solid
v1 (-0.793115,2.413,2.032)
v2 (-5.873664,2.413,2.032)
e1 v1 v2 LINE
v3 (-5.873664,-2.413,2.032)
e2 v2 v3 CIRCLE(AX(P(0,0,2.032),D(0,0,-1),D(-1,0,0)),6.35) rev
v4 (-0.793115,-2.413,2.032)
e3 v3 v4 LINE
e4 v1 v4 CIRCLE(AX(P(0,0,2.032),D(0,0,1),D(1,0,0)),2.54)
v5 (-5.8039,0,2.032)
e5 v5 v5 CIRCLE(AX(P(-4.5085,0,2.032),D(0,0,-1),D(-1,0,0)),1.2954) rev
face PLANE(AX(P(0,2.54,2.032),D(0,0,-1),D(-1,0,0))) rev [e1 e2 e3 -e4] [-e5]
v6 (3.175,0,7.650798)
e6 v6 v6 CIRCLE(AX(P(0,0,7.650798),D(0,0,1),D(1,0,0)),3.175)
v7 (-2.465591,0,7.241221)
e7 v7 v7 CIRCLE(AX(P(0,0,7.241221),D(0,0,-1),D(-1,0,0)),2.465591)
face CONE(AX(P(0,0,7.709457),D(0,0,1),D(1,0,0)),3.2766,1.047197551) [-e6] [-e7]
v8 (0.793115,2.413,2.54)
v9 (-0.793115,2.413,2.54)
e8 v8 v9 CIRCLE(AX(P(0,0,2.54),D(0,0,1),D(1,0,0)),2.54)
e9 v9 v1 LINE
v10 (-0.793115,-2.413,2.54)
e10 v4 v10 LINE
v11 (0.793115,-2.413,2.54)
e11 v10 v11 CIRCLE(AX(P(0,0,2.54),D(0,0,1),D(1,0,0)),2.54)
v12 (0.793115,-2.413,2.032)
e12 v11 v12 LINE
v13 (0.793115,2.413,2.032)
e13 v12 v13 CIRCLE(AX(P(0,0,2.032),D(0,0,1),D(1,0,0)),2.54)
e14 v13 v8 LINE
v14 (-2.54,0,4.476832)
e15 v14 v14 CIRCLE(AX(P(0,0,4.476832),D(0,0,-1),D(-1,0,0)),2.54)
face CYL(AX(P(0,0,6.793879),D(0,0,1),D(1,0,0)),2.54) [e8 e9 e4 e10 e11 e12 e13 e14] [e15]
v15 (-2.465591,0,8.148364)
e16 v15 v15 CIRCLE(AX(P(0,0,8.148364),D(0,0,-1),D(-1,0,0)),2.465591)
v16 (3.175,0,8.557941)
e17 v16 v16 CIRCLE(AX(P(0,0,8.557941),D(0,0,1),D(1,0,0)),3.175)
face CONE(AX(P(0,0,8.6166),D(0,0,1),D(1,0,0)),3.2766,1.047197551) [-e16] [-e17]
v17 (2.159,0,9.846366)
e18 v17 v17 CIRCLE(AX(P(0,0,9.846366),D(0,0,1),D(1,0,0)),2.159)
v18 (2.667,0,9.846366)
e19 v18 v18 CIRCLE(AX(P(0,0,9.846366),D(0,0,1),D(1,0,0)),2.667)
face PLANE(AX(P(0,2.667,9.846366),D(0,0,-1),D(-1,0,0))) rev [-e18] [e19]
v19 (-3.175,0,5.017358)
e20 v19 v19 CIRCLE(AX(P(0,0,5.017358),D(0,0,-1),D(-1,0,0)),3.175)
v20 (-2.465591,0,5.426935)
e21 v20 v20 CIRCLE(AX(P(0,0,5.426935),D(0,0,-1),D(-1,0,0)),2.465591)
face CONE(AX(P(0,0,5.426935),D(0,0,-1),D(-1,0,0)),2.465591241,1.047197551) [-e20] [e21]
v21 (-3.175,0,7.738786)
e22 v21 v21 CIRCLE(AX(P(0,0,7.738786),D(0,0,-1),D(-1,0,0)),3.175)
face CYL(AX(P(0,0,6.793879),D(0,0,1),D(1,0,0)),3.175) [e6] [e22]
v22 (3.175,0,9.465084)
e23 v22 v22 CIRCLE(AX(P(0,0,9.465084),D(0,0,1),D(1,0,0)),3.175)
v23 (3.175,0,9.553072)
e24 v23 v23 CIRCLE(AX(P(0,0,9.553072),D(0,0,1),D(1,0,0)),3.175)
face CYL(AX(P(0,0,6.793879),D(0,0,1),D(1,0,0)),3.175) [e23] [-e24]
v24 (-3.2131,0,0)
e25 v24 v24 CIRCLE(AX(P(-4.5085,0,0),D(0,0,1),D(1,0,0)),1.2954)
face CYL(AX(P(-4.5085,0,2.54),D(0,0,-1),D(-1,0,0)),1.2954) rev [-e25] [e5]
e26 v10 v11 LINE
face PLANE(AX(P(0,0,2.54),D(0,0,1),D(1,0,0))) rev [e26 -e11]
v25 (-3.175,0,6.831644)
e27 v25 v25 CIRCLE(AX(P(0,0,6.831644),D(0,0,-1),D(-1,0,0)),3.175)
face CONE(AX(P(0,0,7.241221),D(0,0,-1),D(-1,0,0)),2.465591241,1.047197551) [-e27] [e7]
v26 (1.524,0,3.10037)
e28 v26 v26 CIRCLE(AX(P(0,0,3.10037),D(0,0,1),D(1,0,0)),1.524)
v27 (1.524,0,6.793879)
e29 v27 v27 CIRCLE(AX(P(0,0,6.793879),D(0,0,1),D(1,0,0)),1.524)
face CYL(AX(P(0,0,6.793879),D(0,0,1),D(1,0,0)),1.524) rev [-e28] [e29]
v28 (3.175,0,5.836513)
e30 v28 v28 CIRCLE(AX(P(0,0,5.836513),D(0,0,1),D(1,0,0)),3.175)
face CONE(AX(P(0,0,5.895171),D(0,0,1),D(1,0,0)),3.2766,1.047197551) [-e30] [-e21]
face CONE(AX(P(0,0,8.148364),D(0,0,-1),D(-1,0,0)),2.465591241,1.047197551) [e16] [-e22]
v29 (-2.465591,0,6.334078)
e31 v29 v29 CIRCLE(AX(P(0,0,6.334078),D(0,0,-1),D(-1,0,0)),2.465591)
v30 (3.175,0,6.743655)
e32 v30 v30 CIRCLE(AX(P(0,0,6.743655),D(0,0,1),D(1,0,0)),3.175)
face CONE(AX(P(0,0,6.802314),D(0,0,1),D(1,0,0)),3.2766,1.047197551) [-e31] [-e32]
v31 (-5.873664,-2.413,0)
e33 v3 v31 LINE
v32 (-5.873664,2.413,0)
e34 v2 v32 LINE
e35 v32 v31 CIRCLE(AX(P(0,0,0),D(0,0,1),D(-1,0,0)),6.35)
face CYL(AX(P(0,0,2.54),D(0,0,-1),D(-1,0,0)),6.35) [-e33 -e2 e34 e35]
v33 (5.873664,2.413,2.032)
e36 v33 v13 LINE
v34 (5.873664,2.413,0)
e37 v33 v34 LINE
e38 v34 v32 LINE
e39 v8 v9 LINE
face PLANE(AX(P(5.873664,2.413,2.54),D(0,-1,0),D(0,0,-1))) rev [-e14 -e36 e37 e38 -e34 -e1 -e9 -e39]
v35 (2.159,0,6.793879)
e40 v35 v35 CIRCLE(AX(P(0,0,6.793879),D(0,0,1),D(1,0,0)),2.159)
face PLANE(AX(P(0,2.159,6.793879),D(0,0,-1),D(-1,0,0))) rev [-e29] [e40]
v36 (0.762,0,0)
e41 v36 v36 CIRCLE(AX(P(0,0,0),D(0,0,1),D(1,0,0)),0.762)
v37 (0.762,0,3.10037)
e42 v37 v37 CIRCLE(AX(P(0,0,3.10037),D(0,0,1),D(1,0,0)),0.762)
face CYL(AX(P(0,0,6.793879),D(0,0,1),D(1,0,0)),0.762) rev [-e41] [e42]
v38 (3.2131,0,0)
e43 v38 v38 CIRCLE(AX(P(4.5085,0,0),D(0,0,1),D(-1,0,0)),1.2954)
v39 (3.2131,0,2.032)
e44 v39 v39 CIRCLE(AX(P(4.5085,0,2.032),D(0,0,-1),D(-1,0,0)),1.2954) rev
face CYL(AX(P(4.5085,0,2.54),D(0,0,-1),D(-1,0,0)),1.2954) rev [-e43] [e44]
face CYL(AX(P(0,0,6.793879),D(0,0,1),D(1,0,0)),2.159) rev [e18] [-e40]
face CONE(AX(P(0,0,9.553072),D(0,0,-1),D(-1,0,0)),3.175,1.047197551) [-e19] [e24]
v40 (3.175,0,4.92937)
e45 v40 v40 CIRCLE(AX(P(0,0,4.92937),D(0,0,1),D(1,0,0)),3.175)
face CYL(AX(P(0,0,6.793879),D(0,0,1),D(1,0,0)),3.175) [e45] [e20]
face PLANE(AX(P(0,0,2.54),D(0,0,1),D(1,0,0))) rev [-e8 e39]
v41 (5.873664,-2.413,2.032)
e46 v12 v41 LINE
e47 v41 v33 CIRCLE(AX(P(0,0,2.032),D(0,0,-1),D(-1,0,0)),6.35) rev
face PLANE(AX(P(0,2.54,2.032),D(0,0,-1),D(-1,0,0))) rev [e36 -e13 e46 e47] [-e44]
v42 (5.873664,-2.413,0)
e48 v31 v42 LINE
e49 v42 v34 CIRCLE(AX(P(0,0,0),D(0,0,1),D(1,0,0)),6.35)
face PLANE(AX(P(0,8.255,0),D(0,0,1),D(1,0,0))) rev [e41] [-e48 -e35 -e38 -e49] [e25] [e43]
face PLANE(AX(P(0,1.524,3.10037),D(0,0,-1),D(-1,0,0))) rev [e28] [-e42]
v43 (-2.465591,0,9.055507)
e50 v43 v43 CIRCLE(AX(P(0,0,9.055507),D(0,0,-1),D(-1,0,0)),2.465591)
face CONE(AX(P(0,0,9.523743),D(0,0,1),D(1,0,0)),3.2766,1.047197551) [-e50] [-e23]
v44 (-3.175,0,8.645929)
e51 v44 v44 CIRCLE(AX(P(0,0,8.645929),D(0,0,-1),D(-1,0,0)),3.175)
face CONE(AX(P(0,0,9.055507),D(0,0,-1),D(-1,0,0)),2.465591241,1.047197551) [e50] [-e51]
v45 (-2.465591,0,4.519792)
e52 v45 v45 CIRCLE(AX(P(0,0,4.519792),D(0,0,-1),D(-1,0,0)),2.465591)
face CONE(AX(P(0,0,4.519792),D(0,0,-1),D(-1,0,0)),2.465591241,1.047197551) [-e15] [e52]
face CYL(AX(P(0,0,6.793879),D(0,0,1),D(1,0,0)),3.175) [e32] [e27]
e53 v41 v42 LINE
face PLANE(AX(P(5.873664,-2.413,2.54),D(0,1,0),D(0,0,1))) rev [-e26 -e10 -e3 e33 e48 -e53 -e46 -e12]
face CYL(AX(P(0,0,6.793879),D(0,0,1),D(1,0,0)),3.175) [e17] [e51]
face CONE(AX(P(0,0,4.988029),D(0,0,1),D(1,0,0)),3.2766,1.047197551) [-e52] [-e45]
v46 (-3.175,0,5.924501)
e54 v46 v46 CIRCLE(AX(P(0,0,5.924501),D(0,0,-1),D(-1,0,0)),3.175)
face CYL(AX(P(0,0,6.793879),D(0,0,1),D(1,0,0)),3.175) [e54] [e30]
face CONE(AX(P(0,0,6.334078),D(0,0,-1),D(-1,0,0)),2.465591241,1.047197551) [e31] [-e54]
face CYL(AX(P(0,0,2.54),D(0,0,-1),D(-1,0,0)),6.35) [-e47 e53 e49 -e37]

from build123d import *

# Parameters (mm, degrees)
SKETCH5_OUTSIDE_W   = 23.578
SKETCH5_OUTSIDE_H   = 23.578
SKETCH5_OUTSIDE_R   = 1.2954
CE_00_500_355_DEPTH = 2.54
LPATTERN4_COUNT     = 6
LPATTERN4_PITCH     = 0.907142857


with BuildPart() as part:
    # Sketch1 → Revolve1 (revolve)
    with BuildSketch(Plane(origin=(0, 0, 0), x_dir=(0, 0, -1), z_dir=(1, 0, 0)), mode=Mode.PRIVATE) as revolve1_sk:
        Polygon((-2.032, 2.54), (-4.512366142, 2.54), (-4.878983563, 3.175), (-9.553072205, 3.175), (-9.846366142, 2.667), (-9.846366142, 2.159), (-6.793879368, 2.159), (-6.793879368, 1.524), (-3.100370371, 1.524), (-3.100370371, 0.762), (0, 0.762), (0, 8.255), (-2.032, 8.255), align=None)
    revolve(revolve1_sk.sketch.rotate(Axis((0, 0, 6.793879368), (0, 0, -1)), 90), axis=Axis((0, 0, 6.793879368), (0, 0, -1)))

    # Sketch5 outside → CE-00 500 355 (cut)
    # profile 1 of 3: a face of its own
    with BuildSketch(Plane.XY):
        Rectangle(SKETCH5_OUTSIDE_W, SKETCH5_OUTSIDE_H)
        with BuildLine():
            Line((5.873664189, -2.413), (-5.873664189, -2.413))
            ThreePointArc((-5.873664189, -2.413), (-6.35, 0), (-5.873664189, 2.413))
            Line((-5.873664189, 2.413), (5.873664189, 2.413))
            ThreePointArc((5.873664189, 2.413), (6.35, 0), (5.873664189, -2.413))
        make_face(mode=Mode.SUBTRACT)
    # profile 2 of 3: a face of its own
    with BuildSketch(Plane.XY):
        with Locations(Location((-4.5085, 0, 0), (0, 0, 180))):
            Circle(SKETCH5_OUTSIDE_R)
    # profile 3 of 3: a face of its own
    with BuildSketch(Plane.XY):
        with Locations(Location((4.5085, 0, 0), (0, 0, 180))):
            Circle(SKETCH5_OUTSIDE_R)
    extrude(amount=CE_00_500_355_DEPTH, mode=Mode.SUBTRACT)

    # Sketch4 → Cut-Revolve1 (revolve, cut)
    with BuildSketch(Plane(origin=(0, 0, 0), x_dir=(0, 0, -1), z_dir=(1, 0, 0)), mode=Mode.PRIVATE) as cut_revolve1_sk:
        Polygon((-9.523742812, 3.2766), (-9.055506686, 2.465591241), (-8.587270561, 3.2766), align=None)
    cut_revolve1 = revolve(cut_revolve1_sk.sketch.rotate(Axis((0, 0, -0.492318307), (0, 0, 1)), 270), axis=Axis((0, 0, -0.492318307), (0, 0, 1)), mode=Mode.SUBTRACT)

    # LPattern4: Cut-Revolve1 ×6
    with Locations(*[(0, 0, -i * LPATTERN4_PITCH) for i in range(1, LPATTERN4_COUNT)]):
        add(cut_revolve1, mode=Mode.SUBTRACT)


solid = part.part
